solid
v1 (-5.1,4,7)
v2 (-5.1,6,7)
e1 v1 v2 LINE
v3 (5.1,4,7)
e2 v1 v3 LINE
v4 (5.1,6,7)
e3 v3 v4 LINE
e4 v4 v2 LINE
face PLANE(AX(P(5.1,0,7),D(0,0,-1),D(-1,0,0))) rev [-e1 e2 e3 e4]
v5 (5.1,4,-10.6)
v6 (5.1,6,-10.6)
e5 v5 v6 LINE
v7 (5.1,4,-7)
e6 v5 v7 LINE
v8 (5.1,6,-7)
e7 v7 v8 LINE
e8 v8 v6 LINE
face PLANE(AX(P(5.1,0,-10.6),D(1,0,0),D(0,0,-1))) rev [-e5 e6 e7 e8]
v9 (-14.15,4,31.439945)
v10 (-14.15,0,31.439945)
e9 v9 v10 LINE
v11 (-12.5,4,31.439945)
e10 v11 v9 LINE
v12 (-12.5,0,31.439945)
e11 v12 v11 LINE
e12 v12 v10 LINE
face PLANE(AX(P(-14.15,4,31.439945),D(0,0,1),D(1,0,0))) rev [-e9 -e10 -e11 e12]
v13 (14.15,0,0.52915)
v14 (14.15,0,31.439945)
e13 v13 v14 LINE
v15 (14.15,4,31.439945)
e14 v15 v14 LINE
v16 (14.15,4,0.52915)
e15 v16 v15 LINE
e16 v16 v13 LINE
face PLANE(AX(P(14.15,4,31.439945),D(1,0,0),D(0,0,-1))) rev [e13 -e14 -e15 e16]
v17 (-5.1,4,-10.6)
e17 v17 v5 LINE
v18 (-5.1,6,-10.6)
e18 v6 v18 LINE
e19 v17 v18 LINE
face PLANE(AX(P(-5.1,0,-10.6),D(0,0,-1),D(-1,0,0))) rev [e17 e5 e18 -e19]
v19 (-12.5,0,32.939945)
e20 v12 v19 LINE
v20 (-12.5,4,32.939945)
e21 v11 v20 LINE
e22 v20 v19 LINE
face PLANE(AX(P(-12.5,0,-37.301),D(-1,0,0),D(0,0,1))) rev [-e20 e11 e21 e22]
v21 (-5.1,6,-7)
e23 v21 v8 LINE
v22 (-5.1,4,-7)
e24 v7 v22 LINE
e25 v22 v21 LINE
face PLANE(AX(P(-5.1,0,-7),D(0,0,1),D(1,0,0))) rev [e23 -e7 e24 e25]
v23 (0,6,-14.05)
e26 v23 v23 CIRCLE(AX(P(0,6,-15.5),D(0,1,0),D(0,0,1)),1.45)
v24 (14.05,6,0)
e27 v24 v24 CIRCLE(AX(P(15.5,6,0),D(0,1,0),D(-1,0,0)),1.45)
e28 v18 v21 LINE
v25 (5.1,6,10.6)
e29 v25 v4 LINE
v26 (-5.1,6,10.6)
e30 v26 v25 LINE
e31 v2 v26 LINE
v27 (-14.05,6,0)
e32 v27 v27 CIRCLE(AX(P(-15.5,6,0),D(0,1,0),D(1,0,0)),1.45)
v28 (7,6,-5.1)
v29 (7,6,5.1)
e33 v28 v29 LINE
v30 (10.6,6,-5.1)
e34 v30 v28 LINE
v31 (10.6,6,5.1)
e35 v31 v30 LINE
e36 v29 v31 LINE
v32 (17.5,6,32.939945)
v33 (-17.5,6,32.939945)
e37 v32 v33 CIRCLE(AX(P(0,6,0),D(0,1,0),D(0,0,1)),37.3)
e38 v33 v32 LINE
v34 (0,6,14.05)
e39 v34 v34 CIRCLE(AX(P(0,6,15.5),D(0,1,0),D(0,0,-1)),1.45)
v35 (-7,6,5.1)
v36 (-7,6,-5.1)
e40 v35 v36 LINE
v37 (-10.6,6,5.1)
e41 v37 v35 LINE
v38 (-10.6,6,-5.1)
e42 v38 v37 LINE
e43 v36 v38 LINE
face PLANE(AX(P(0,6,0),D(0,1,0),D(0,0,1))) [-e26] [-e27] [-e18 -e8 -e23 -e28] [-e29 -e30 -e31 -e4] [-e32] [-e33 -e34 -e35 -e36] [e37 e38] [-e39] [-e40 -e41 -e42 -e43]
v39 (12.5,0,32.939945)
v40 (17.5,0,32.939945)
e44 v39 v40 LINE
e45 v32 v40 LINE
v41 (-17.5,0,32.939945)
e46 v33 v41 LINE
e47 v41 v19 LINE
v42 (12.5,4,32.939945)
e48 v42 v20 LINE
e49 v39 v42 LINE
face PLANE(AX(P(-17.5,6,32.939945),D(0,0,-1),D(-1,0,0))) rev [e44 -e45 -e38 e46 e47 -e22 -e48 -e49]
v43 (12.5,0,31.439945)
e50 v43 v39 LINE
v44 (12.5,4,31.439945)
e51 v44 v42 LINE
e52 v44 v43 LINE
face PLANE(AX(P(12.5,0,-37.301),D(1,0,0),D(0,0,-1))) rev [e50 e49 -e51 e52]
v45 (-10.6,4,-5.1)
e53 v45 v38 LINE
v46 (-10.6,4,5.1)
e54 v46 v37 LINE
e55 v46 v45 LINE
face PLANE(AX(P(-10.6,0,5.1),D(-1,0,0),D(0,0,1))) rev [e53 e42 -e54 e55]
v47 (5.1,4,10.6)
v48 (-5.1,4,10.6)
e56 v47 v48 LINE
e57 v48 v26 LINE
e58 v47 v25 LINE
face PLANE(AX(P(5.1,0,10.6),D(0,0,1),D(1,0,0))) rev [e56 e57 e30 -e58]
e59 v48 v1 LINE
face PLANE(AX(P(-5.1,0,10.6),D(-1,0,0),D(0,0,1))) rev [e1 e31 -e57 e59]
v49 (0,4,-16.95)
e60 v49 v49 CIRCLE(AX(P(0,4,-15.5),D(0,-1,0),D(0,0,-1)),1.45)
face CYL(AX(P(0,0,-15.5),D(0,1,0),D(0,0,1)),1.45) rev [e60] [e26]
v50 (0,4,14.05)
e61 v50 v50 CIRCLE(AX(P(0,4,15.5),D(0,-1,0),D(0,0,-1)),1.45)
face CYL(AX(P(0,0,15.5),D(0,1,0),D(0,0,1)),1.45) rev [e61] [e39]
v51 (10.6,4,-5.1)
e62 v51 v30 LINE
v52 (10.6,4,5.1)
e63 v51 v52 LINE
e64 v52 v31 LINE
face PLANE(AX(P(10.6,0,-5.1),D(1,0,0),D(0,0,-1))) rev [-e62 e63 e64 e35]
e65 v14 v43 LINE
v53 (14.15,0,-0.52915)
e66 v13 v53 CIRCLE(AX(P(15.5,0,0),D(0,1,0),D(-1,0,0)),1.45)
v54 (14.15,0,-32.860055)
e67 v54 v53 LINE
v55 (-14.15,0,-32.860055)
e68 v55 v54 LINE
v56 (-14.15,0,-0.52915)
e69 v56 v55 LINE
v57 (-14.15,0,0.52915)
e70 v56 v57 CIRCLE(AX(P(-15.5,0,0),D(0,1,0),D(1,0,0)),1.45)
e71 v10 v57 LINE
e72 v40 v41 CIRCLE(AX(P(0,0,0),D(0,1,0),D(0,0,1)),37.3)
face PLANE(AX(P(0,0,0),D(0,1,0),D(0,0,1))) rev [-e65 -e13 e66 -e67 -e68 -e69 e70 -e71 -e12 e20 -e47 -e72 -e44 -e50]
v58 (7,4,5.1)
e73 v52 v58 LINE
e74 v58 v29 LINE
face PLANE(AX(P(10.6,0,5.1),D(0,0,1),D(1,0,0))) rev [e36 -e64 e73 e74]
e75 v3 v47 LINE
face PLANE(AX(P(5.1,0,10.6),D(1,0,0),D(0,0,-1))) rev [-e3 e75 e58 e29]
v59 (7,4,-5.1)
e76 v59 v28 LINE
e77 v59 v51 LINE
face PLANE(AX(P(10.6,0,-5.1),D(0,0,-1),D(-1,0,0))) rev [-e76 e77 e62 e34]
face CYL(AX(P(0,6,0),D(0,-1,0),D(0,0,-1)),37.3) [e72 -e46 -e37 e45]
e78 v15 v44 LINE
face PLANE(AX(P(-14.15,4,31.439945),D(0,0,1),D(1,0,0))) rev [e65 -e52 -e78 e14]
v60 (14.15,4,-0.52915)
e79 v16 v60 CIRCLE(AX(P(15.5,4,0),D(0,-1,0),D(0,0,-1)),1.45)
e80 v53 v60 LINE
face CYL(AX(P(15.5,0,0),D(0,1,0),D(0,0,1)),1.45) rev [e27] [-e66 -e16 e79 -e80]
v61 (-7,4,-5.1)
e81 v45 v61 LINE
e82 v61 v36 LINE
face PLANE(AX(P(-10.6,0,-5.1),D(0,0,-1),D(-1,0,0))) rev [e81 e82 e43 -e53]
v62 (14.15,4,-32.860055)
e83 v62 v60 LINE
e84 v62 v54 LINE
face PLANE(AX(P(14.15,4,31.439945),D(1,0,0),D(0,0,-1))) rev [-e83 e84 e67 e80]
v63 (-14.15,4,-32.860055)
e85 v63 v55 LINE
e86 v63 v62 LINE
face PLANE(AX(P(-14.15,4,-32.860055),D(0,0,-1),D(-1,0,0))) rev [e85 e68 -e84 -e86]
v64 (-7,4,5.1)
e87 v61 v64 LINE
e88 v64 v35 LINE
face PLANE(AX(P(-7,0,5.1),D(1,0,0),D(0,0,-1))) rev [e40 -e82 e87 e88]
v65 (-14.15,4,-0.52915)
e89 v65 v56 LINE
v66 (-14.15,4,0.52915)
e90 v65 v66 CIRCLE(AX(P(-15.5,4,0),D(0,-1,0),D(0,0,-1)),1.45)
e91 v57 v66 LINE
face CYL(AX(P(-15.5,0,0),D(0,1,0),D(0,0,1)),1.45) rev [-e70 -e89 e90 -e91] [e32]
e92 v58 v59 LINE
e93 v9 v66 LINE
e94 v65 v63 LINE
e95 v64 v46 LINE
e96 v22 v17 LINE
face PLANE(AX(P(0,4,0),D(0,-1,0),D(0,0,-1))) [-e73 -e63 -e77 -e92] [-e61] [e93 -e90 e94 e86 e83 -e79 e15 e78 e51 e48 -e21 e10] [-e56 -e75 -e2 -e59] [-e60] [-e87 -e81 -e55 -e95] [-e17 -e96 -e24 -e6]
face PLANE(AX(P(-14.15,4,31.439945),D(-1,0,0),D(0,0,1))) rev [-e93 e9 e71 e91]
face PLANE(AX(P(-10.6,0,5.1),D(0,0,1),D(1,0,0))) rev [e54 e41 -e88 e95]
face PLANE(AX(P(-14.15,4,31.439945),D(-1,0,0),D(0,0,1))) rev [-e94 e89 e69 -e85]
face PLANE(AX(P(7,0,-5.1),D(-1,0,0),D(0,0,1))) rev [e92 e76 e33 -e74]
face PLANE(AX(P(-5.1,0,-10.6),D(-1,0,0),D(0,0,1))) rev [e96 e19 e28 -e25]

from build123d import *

# Parameters (mm, degrees)
BOSS_EXTRUDE1_DEPTH = 6
SKETCH2_W           = 28.3
SKETCH2_H           = 64.3
CUT_EXTRUDE1_DEPTH  = 4
SKETCH3_R           = 1.45
SKETCH3_W           = 10.2
SKETCH3_H           = 3.6
CUT_EXTRUDE2_DEPTH  = 7
CIRPATTERN1_COUNT   = 4
CUT_EXTRUDE3_REACH  = 72.24
SKETCH4_W           = 25
SKETCH4_H           = 4


with BuildPart() as part:
    # Sketch1 → Boss-Extrude1 (new body)
    with BuildSketch(Plane(origin=(0, 0, 0), x_dir=(1, 0, 0), z_dir=(0, 1, 0))):
        with BuildLine():
            Line((-17.5, -32.939945355), (17.5, -32.939945355))
            ThreePointArc((17.5, -32.939945355), (0, 37.3), (-17.5, -32.939945355))
        make_face()
    extrude(amount=BOSS_EXTRUDE1_DEPTH)

    # Sketch2 → Cut-Extrude1 (cut)
    with BuildSketch(Plane.XZ):
        with Locations((0, -0.710054645)):
            Rectangle(SKETCH2_W, SKETCH2_H)
    extrude(amount=-CUT_EXTRUDE1_DEPTH, mode=Mode.SUBTRACT)

    # Sketch3 → Cut-Extrude2 (cut, through all)
    with BuildSketch(Plane(origin=(0, 6, 0), x_dir=(1, 0, 0), z_dir=(0, 1, 0))):
        with Locations((0, 15.5)):
            Circle(SKETCH3_R)
        with Locations((0, 8.8)):
            Rectangle(SKETCH3_W, SKETCH3_H)
    cut_extrude2 = extrude(amount=-CUT_EXTRUDE2_DEPTH, mode=Mode.SUBTRACT)

    # CirPattern1: Cut-Extrude2 ×4 about axis
    cirpattern1_axis = Axis((0, 0, 0), (0, 1, 0))
    for i in range(1, CIRPATTERN1_COUNT):
        add(cut_extrude2.rotate(cirpattern1_axis, i * 360 / CIRPATTERN1_COUNT), mode=Mode.SUBTRACT)

    # Sketch4 → Cut-Extrude3 (cut, up to next)
    with BuildSketch(Plane.XY.offset(32.939945355), mode=Mode.PRIVATE) as cut_extrude3_sk1:
        with Locations((0, 2)):
            Rectangle(SKETCH4_W, SKETCH4_H)
    cut_extrude3_tool1 = extrude(cut_extrude3_sk1.sketch, amount=-CUT_EXTRUDE3_REACH, mode=Mode.PRIVATE) & part.part
    add(cut_extrude3_tool1.solids().sort_by_distance((0, 2, 32.939945))[0], mode=Mode.SUBTRACT)


solid = part.part
